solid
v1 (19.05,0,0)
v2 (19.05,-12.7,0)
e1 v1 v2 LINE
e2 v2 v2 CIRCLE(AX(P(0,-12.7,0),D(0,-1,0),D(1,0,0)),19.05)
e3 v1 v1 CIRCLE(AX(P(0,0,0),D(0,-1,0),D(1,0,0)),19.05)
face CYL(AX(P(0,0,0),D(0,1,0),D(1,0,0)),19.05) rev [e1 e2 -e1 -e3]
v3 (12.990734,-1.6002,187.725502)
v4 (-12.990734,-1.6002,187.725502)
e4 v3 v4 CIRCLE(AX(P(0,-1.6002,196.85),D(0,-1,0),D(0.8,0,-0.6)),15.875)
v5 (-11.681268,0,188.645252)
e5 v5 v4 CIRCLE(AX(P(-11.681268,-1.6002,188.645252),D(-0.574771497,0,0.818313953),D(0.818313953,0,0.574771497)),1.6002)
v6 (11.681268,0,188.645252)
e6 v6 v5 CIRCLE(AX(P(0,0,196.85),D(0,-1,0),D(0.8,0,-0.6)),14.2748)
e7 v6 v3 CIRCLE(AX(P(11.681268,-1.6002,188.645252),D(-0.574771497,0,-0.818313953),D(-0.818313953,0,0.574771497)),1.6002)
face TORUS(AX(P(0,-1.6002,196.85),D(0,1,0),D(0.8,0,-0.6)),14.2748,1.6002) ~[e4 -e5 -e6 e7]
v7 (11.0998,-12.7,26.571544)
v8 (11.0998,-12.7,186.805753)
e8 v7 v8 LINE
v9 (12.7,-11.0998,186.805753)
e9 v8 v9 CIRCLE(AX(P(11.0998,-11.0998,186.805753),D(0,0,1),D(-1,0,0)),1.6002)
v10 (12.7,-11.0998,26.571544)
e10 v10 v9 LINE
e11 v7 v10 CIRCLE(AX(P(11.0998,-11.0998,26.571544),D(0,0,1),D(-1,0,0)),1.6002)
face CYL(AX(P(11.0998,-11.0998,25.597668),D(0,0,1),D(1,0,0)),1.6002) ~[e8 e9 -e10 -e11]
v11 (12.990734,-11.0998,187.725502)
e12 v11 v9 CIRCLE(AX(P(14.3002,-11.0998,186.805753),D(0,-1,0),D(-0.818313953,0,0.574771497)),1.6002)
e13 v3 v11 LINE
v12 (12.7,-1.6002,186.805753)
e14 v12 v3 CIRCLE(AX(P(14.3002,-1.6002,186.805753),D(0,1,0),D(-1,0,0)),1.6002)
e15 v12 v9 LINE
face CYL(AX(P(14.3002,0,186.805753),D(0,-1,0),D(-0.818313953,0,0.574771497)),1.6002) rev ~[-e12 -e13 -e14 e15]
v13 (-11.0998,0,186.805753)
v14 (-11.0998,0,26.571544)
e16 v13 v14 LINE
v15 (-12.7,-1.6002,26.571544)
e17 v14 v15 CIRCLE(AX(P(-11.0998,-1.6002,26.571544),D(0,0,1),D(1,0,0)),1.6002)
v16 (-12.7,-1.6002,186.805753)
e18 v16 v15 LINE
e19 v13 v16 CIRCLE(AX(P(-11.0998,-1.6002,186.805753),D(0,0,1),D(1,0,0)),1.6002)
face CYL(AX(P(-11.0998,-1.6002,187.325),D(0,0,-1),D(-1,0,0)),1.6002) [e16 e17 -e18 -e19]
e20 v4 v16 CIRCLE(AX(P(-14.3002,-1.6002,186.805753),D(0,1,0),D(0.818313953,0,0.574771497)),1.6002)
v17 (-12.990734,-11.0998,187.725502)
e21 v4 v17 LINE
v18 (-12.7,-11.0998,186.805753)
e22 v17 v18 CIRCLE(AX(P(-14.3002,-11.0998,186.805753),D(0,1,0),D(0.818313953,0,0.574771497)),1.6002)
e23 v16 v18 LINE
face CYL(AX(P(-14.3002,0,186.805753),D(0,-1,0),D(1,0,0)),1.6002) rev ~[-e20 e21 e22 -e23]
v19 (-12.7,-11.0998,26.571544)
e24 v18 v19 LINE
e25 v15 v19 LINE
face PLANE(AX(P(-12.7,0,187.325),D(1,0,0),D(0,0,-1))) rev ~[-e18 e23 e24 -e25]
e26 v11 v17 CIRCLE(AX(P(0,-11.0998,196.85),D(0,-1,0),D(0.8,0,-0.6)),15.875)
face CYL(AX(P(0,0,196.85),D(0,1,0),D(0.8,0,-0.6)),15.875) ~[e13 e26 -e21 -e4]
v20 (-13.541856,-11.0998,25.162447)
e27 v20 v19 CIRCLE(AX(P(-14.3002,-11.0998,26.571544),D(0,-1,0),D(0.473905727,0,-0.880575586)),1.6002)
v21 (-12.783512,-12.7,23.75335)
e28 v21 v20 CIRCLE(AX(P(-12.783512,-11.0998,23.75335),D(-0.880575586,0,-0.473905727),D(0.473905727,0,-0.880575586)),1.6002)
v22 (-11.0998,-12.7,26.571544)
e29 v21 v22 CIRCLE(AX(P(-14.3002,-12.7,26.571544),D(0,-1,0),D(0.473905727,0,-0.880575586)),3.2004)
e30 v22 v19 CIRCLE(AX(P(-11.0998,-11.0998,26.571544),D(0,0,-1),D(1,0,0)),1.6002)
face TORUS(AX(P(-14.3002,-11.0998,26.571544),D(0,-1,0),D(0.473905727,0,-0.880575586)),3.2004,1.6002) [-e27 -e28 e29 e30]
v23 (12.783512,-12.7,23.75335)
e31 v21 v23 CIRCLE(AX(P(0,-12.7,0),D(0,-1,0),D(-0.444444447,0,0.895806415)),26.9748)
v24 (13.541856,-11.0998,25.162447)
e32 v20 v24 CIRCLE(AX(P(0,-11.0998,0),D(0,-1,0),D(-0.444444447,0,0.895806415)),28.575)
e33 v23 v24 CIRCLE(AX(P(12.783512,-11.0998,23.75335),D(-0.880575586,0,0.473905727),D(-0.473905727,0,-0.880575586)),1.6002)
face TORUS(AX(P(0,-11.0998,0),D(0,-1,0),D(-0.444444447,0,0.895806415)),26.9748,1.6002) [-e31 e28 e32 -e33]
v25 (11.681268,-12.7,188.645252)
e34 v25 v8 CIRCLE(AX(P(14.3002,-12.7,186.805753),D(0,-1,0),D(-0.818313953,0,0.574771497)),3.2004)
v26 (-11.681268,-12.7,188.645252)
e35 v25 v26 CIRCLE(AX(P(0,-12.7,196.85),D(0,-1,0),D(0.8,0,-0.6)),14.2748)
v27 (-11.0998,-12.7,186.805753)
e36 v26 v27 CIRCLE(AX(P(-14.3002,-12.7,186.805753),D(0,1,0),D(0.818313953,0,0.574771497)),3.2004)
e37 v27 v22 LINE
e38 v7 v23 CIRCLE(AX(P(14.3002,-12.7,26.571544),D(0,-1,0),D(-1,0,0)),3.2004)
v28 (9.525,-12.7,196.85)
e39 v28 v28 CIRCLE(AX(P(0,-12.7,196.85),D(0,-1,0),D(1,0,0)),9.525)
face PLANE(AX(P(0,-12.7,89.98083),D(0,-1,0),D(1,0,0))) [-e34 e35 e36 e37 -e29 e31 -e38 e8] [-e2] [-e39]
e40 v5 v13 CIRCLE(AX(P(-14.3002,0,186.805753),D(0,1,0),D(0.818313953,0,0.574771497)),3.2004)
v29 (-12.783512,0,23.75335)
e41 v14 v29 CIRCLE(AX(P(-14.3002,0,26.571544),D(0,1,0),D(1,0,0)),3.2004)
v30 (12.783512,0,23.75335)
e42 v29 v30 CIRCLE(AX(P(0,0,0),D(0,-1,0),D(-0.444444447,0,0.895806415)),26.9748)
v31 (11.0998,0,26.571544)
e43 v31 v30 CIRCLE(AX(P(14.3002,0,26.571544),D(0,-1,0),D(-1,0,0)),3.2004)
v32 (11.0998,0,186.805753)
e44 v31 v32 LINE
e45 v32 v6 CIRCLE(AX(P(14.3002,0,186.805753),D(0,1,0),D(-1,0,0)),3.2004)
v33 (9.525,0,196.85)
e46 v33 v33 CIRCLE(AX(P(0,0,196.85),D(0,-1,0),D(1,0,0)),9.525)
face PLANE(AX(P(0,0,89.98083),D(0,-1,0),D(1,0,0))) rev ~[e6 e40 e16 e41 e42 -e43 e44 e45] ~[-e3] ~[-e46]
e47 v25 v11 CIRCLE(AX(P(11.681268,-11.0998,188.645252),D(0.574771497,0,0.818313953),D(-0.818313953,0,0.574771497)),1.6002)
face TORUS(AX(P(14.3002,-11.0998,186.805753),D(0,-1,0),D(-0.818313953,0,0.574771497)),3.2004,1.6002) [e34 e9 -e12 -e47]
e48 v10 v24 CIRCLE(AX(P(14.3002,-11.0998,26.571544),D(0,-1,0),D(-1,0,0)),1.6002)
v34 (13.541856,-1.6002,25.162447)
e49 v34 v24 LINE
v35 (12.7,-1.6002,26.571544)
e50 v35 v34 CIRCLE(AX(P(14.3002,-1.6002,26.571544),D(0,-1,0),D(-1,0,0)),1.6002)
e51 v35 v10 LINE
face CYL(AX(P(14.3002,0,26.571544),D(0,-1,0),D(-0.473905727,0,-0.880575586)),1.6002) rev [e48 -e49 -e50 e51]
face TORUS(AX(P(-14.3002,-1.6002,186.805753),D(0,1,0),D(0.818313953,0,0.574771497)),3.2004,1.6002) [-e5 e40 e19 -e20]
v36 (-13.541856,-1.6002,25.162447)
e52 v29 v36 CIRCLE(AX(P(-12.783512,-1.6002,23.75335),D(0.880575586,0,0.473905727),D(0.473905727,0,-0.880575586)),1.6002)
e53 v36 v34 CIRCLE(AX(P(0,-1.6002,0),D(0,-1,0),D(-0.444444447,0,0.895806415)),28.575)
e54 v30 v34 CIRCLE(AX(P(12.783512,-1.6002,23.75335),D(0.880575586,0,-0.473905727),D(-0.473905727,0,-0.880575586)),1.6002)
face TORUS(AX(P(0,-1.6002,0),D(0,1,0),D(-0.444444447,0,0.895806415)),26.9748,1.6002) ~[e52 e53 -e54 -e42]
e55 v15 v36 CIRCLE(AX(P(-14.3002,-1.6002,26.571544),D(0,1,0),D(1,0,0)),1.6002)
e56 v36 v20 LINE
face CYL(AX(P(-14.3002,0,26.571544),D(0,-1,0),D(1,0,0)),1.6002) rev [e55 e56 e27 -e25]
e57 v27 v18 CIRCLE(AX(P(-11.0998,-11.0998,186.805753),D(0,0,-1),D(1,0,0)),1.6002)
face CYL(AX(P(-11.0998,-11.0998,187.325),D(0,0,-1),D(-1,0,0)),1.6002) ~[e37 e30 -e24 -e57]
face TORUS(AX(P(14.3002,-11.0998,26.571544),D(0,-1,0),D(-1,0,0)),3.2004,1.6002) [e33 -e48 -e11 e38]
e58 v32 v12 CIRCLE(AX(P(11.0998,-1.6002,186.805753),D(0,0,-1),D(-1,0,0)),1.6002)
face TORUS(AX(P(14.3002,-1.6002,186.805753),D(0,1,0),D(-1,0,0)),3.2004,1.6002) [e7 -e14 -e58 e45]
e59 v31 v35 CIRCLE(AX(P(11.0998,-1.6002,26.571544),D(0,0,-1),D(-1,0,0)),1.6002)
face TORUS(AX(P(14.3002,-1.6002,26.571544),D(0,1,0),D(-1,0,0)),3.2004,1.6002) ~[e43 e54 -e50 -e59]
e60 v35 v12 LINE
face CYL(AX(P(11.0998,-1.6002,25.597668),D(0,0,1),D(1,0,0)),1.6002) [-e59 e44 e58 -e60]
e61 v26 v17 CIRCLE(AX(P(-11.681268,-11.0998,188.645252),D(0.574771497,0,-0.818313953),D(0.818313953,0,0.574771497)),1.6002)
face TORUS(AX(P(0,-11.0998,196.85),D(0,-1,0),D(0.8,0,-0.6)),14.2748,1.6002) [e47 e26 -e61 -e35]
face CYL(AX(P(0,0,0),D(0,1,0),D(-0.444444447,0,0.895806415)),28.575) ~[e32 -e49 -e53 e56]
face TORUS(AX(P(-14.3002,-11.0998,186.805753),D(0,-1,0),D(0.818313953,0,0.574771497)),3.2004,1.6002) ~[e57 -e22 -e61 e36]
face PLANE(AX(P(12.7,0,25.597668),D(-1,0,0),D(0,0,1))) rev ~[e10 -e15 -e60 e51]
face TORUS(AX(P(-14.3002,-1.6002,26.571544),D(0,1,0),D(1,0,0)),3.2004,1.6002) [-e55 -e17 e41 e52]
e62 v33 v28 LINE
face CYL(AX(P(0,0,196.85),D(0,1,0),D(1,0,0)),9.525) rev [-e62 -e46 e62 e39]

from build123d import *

# Parameters (mm, degrees)
F0_R     = 19.05
F0_R_2   = 9.525
F1_DEPTH = 12.7
F2_R     = 1.6002


with BuildPart() as f1:
    # F0 (on Front) → F1 (new body)
    with BuildSketch(Plane.XZ):
        with BuildLine():
            Line((-12.7, 187.325), (-12.7, 25.597668))
            ThreePointArc((-12.7, 25.597668), (0, -28.575), (12.7, 25.597668))
            Line((12.7, 25.597668), (12.7, 187.325))
            ThreePointArc((12.7, 187.325), (0, 212.725), (-12.7, 187.325))
        make_face()
        Circle(F0_R, mode=Mode.SUBTRACT)
        with Locations((0, 196.85)):
            Circle(F0_R_2, mode=Mode.SUBTRACT)
    extrude(amount=F1_DEPTH)

    # F2
    f2_edges = [f1.edges().sort_by_distance(p)[0] for p in [
        (0, -12.7, 212.725),
        (12.7, -12.7, 106.461334),
        (0, -12.7, -28.575),
        (-12.7, -12.7, 106.461334),
        (12.7, 0, 106.461334),
        (0, 0, 212.725),
        (-12.7, 0, 106.461334),
        (0, 0, -28.575),
        (12.7, -6.35, 25.597668),
        (12.7, -6.35, 187.325),
        (-12.7, -6.35, 187.325),
        (-12.7, -6.35, 25.597668),
    ]]
    fillet(f2_edges, radius=F2_R)


solid = f1.part
